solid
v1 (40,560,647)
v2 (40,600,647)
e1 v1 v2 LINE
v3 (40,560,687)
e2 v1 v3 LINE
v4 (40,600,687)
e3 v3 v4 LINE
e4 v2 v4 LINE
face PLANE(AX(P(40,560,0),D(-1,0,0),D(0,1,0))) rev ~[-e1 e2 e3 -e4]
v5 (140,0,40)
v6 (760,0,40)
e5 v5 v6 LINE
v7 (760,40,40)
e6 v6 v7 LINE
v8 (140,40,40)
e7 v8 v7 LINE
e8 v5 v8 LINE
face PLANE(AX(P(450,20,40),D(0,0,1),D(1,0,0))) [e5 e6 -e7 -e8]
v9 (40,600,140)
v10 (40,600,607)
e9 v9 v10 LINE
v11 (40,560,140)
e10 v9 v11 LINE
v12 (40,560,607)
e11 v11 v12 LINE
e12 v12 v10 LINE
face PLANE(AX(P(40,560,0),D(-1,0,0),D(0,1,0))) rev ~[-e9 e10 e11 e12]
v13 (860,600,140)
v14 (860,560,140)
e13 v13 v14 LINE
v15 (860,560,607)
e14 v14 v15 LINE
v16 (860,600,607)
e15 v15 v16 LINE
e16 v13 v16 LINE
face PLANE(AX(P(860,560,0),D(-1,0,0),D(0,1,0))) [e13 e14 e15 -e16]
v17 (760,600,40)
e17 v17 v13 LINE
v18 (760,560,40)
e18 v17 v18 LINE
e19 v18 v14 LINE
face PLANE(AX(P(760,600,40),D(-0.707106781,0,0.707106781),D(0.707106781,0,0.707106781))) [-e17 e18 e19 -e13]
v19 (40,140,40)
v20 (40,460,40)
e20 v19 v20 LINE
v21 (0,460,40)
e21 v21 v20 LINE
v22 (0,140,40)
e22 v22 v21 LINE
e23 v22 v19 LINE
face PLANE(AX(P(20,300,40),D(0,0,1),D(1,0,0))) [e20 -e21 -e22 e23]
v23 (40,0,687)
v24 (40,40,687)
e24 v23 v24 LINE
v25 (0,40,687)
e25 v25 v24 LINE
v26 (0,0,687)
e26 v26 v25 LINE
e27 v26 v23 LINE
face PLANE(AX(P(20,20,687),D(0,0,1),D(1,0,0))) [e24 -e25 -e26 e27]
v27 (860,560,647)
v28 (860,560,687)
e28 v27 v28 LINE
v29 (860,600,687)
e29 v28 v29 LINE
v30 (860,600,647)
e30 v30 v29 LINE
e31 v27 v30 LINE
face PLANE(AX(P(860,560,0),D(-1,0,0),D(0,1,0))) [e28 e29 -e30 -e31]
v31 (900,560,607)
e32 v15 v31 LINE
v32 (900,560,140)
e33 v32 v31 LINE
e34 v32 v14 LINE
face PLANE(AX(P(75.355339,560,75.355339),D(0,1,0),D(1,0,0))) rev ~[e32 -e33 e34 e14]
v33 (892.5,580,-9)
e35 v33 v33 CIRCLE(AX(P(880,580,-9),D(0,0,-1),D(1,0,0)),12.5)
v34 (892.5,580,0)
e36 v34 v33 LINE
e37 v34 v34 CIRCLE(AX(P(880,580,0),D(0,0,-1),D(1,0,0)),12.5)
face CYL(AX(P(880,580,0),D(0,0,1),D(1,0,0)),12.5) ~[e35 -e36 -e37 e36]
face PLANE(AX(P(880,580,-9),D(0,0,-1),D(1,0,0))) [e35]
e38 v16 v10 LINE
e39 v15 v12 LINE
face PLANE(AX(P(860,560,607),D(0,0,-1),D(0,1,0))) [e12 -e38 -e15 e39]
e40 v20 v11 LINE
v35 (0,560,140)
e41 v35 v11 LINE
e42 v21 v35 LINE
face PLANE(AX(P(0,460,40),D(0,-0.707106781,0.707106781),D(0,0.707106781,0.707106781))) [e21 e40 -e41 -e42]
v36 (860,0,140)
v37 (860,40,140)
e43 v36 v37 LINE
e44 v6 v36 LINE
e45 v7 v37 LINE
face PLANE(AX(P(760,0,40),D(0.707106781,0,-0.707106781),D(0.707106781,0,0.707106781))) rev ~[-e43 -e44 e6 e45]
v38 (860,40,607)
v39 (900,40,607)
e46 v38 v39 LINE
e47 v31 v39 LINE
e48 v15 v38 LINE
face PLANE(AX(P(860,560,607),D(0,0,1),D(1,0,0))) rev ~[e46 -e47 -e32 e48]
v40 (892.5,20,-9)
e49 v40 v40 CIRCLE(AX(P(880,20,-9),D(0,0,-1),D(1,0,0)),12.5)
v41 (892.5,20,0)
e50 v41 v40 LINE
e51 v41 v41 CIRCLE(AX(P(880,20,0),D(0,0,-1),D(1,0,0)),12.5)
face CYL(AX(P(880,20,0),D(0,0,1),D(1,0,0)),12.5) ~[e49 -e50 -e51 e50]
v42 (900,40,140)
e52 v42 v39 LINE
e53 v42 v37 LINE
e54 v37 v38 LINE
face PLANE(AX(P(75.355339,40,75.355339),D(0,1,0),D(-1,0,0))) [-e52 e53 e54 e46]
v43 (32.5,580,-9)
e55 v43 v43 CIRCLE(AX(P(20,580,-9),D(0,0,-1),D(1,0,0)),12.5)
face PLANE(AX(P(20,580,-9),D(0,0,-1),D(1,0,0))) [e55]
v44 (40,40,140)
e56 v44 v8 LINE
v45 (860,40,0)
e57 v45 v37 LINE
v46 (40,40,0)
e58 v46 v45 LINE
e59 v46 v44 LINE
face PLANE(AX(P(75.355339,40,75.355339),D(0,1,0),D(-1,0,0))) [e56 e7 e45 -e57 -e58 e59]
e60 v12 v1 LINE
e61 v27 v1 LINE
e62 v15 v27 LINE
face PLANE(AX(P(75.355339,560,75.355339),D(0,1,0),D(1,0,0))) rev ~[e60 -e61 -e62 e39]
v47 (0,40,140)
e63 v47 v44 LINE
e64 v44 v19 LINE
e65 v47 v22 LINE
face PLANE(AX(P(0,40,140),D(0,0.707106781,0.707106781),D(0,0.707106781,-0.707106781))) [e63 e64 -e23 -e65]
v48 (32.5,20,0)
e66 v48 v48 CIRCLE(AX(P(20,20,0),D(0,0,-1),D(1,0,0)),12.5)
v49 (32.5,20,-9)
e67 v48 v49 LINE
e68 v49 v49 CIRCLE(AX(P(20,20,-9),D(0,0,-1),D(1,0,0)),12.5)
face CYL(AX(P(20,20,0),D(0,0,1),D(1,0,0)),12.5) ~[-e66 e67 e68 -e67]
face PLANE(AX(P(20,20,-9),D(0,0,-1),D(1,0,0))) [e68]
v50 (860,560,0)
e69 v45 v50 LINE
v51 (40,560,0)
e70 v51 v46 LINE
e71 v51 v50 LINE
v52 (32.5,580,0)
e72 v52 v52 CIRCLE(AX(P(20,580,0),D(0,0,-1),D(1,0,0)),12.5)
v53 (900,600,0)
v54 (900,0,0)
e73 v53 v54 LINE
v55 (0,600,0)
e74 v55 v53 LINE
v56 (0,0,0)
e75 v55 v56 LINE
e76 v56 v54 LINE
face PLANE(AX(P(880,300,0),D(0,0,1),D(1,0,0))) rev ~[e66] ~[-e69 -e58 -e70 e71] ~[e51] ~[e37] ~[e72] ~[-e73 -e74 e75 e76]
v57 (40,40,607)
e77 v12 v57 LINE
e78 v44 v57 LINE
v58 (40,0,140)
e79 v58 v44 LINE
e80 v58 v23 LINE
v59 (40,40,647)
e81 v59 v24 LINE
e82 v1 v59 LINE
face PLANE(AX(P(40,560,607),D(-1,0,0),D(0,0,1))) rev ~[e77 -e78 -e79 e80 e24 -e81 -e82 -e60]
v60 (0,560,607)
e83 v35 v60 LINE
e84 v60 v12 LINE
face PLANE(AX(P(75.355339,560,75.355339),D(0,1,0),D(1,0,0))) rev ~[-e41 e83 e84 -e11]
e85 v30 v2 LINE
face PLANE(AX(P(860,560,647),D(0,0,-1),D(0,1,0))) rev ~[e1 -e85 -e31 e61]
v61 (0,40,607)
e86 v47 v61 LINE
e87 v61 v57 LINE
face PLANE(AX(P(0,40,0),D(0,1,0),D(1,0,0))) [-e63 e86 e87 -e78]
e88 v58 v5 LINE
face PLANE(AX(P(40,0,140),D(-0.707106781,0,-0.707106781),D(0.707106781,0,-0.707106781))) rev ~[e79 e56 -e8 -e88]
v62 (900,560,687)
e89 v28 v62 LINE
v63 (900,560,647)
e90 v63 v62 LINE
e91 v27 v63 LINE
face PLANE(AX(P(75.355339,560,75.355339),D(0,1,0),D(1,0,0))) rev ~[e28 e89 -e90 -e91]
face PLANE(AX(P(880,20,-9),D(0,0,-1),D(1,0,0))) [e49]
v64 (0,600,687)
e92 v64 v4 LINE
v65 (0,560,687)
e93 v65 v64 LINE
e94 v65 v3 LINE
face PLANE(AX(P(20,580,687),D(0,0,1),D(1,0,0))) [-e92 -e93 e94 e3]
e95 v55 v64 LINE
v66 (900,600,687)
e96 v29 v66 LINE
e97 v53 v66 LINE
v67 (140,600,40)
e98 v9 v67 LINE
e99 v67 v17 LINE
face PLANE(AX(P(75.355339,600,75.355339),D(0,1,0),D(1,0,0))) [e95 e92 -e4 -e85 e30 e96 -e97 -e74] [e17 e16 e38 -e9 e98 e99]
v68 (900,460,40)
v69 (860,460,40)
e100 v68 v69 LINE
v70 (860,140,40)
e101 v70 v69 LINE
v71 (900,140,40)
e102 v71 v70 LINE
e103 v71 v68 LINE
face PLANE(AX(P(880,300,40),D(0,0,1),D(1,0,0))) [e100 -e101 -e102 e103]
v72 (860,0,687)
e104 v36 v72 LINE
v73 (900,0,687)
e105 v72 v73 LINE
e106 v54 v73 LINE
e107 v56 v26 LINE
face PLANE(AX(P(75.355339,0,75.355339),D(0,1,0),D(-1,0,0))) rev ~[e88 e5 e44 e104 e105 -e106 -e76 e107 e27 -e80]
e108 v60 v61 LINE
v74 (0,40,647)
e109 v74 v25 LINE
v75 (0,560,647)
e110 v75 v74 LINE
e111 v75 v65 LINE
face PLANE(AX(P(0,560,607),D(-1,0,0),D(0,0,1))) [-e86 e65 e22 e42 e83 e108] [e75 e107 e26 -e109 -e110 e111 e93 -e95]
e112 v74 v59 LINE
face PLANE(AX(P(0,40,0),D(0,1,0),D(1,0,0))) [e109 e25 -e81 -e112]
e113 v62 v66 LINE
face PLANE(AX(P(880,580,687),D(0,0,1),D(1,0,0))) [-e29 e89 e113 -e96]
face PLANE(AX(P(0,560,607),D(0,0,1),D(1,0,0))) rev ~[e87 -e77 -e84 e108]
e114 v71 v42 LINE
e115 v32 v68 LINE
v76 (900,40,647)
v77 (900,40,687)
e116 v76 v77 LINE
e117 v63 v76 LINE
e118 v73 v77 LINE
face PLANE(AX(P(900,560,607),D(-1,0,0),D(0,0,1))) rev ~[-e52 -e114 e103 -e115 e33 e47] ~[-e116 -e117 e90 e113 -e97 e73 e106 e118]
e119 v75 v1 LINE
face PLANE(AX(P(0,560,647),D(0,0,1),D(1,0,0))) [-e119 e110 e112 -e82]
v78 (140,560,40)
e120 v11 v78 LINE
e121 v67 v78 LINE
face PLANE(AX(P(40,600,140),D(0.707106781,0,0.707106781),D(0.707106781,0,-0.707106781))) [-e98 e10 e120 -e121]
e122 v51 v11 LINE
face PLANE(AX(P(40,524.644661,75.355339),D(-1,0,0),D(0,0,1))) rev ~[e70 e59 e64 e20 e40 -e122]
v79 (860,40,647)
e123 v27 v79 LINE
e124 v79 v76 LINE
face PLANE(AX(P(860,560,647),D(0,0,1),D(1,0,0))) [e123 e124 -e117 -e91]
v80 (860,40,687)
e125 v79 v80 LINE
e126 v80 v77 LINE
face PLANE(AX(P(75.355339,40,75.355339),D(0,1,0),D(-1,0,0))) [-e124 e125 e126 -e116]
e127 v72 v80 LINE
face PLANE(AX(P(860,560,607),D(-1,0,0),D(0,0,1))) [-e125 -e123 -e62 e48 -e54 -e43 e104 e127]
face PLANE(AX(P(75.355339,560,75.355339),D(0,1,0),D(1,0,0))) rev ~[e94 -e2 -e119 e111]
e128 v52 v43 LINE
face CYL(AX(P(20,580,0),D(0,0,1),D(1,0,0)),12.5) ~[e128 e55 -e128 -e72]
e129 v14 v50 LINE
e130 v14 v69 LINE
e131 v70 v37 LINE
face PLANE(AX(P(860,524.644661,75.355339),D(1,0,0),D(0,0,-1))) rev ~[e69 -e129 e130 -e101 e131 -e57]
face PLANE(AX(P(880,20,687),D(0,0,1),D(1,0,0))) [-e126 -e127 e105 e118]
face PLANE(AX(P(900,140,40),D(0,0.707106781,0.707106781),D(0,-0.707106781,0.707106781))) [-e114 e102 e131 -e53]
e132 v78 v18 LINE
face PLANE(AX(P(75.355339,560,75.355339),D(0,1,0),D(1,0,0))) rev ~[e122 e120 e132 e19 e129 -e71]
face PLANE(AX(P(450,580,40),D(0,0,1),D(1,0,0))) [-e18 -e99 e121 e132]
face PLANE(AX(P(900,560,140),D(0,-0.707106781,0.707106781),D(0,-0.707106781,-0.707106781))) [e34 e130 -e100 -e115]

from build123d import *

# Parameters (mm, degrees)
SKETCH1_W            = 40
SKETCH1_H            = 40
BOSS_EXTRUDE1_DEPTH  = 687
SKETCH1_4_W          = 40
SKETCH1_4_H          = 40
BOSS_EXTRUDE2_DEPTH  = 687
SKETCH1_5_W          = 40
SKETCH1_5_H          = 40
BOSS_EXTRUDE3_DEPTH  = 687
SKETCH1_6_W          = 40
SKETCH1_6_H          = 40
BOSS_EXTRUDE4_DEPTH  = 687
SKETCH1_7_W          = 820
SKETCH1_7_H          = 40
BOSS_EXTRUDE5_DEPTH  = 40
SKETCH1_8_W          = 40
SKETCH1_8_H          = 520
BOSS_EXTRUDE6_DEPTH  = 40
SKETCH1_9_W          = 820
SKETCH1_9_H          = 40
BOSS_EXTRUDE7_DEPTH  = 40
SKETCH1_10_W         = 40
SKETCH1_10_H         = 520
BOSS_EXTRUDE8_DEPTH  = 40
BOSS_EXTRUDE9_DEPTH  = 40
BOSS_EXTRUDE10_DEPTH = 40
BOSS_EXTRUDE11_DEPTH = 40
BOSS_EXTRUDE12_DEPTH = 40
SKETCH6_W            = 40
SKETCH6_H            = 40
BOSS_EXTRUDE13_DEPTH = 820
SKETCH7_W            = 40
SKETCH7_H            = 40
BOSS_EXTRUDE14_DEPTH = 520
SKETCH8_W            = 40
SKETCH8_H            = 40
BOSS_EXTRUDE15_DEPTH = 520
SKETCH9_R            = 12.5
BOSS_EXTRUDE16_DEPTH = 9


with BuildPart() as part:
    # Sketch1 → Boss-Extrude1 (new body)
    with BuildSketch(Plane.XY):
        with Locations((20, 580)):
            Rectangle(SKETCH1_W, SKETCH1_H)
    extrude(amount=BOSS_EXTRUDE1_DEPTH)



with BuildPart() as body_2:
    # Sketch1<4> → Boss-Extrude2 (new body)
    with BuildSketch(Plane.XY):
        with Locations((880, 580)):
            Rectangle(SKETCH1_4_W, SKETCH1_4_H)
    extrude(amount=BOSS_EXTRUDE2_DEPTH)


with BuildPart() as body_3:
    # Sketch1<5> → Boss-Extrude3 (new body)
    with BuildSketch(Plane.XY):
        with Locations((20, 20)):
            Rectangle(SKETCH1_5_W, SKETCH1_5_H)
    extrude(amount=BOSS_EXTRUDE3_DEPTH)


with BuildPart() as body_4:
    # Sketch1<6> → Boss-Extrude4 (new body)
    with BuildSketch(Plane.XY):
        with Locations((880, 20)):
            Rectangle(SKETCH1_6_W, SKETCH1_6_H)
    extrude(amount=BOSS_EXTRUDE4_DEPTH)


with BuildPart() as part_1:
    add(part.part)

    add(body_2.part)  # Boss-Extrude5 merges body 2
    # Sketch1<7> → Boss-Extrude5 (add)
    with BuildSketch(Plane.XY):
        with Locations((450, 580)):
            Rectangle(SKETCH1_7_W, SKETCH1_7_H)
    extrude(amount=BOSS_EXTRUDE5_DEPTH)


    add(body_3.part)  # Boss-Extrude6 merges body 3
    # Sketch1<8> → Boss-Extrude6 (add)
    with BuildSketch(Plane.XY):
        with Locations((20, 300)):
            Rectangle(SKETCH1_8_W, SKETCH1_8_H)
    extrude(amount=BOSS_EXTRUDE6_DEPTH)


    add(body_4.part)  # Boss-Extrude7 merges body 4
    # Sketch1<9> → Boss-Extrude7 (add)
    with BuildSketch(Plane.XY):
        with Locations((450, 20)):
            Rectangle(SKETCH1_9_W, SKETCH1_9_H)
    extrude(amount=BOSS_EXTRUDE7_DEPTH)

    # Sketch1<10> → Boss-Extrude8 (add)
    with BuildSketch(Plane.XY):
        with Locations((880, 300)):
            Rectangle(SKETCH1_10_W, SKETCH1_10_H)
    extrude(amount=BOSS_EXTRUDE8_DEPTH)

    # Sketch2 → Boss-Extrude9 (add)
    with BuildSketch(Plane(origin=(0, 600, 0), x_dir=(1, 0, 0), z_dir=(0, 1, 0))):
        Polygon((40, -140), (140, -40), (40, -40), align=None)
        Polygon((760, -40), (860, -140), (860, -40), align=None)
    extrude(amount=-BOSS_EXTRUDE9_DEPTH)

    # Sketch3 → Boss-Extrude10 (add)
    with BuildSketch(Plane.ZY):
        Polygon((40, 560), (40, 460), (140, 560), align=None)
        Polygon((40, 140), (40, 40), (140, 40), align=None)
    extrude(amount=-BOSS_EXTRUDE10_DEPTH)

    # Sketch4 → Boss-Extrude11 (add)
    with BuildSketch(Plane.XZ):
        Polygon((40, 140), (140, 40), (40, 40), align=None)
        Polygon((760, 40), (860, 140), (860, 40), align=None)
    extrude(amount=-BOSS_EXTRUDE11_DEPTH)

    # Sketch5 → Boss-Extrude12 (add)
    with BuildSketch(Plane(origin=(900, 0, 0), x_dir=(0, 0, -1), z_dir=(1, 0, 0))):
        Polygon((-140, 560), (-40, 460), (-40, 560), align=None)
        Polygon((-140, 40), (-40, 40), (-40, 140), align=None)
    extrude(amount=-BOSS_EXTRUDE12_DEPTH)

    # Sketch6 → Boss-Extrude13 (add)
    with BuildSketch(Plane.ZY.offset(-860)):
        with Locations((627, 580)):
            Rectangle(SKETCH6_W, SKETCH6_H)
    extrude(amount=BOSS_EXTRUDE13_DEPTH)

    # Sketch7 → Boss-Extrude14 (add)
    with BuildSketch(Plane.XZ.offset(-560)):
        with Locations((20, 627)):
            Rectangle(SKETCH7_W, SKETCH7_H)
    extrude(amount=BOSS_EXTRUDE14_DEPTH)

    # Sketch8 → Boss-Extrude15 (add)
    with BuildSketch(Plane.XZ.offset(-560)):
        with Locations((880, 627)):
            Rectangle(SKETCH8_W, SKETCH8_H)
    extrude(amount=BOSS_EXTRUDE15_DEPTH)

    # Sketch9 → Boss-Extrude16 (add)
    with BuildSketch(Plane(origin=(0, 0, 0), x_dir=(-1, 0, 0), z_dir=(0, 0, -1))):
        with Locations((-880, 580)):
            Circle(SKETCH9_R)
        with Locations((-880, 20)):
            Circle(SKETCH9_R)
        with Locations((-20, 580)):
            Circle(SKETCH9_R)
        with Locations((-20, 20)):
            Circle(SKETCH9_R)
    extrude(amount=BOSS_EXTRUDE16_DEPTH)


solid = part_1.part
